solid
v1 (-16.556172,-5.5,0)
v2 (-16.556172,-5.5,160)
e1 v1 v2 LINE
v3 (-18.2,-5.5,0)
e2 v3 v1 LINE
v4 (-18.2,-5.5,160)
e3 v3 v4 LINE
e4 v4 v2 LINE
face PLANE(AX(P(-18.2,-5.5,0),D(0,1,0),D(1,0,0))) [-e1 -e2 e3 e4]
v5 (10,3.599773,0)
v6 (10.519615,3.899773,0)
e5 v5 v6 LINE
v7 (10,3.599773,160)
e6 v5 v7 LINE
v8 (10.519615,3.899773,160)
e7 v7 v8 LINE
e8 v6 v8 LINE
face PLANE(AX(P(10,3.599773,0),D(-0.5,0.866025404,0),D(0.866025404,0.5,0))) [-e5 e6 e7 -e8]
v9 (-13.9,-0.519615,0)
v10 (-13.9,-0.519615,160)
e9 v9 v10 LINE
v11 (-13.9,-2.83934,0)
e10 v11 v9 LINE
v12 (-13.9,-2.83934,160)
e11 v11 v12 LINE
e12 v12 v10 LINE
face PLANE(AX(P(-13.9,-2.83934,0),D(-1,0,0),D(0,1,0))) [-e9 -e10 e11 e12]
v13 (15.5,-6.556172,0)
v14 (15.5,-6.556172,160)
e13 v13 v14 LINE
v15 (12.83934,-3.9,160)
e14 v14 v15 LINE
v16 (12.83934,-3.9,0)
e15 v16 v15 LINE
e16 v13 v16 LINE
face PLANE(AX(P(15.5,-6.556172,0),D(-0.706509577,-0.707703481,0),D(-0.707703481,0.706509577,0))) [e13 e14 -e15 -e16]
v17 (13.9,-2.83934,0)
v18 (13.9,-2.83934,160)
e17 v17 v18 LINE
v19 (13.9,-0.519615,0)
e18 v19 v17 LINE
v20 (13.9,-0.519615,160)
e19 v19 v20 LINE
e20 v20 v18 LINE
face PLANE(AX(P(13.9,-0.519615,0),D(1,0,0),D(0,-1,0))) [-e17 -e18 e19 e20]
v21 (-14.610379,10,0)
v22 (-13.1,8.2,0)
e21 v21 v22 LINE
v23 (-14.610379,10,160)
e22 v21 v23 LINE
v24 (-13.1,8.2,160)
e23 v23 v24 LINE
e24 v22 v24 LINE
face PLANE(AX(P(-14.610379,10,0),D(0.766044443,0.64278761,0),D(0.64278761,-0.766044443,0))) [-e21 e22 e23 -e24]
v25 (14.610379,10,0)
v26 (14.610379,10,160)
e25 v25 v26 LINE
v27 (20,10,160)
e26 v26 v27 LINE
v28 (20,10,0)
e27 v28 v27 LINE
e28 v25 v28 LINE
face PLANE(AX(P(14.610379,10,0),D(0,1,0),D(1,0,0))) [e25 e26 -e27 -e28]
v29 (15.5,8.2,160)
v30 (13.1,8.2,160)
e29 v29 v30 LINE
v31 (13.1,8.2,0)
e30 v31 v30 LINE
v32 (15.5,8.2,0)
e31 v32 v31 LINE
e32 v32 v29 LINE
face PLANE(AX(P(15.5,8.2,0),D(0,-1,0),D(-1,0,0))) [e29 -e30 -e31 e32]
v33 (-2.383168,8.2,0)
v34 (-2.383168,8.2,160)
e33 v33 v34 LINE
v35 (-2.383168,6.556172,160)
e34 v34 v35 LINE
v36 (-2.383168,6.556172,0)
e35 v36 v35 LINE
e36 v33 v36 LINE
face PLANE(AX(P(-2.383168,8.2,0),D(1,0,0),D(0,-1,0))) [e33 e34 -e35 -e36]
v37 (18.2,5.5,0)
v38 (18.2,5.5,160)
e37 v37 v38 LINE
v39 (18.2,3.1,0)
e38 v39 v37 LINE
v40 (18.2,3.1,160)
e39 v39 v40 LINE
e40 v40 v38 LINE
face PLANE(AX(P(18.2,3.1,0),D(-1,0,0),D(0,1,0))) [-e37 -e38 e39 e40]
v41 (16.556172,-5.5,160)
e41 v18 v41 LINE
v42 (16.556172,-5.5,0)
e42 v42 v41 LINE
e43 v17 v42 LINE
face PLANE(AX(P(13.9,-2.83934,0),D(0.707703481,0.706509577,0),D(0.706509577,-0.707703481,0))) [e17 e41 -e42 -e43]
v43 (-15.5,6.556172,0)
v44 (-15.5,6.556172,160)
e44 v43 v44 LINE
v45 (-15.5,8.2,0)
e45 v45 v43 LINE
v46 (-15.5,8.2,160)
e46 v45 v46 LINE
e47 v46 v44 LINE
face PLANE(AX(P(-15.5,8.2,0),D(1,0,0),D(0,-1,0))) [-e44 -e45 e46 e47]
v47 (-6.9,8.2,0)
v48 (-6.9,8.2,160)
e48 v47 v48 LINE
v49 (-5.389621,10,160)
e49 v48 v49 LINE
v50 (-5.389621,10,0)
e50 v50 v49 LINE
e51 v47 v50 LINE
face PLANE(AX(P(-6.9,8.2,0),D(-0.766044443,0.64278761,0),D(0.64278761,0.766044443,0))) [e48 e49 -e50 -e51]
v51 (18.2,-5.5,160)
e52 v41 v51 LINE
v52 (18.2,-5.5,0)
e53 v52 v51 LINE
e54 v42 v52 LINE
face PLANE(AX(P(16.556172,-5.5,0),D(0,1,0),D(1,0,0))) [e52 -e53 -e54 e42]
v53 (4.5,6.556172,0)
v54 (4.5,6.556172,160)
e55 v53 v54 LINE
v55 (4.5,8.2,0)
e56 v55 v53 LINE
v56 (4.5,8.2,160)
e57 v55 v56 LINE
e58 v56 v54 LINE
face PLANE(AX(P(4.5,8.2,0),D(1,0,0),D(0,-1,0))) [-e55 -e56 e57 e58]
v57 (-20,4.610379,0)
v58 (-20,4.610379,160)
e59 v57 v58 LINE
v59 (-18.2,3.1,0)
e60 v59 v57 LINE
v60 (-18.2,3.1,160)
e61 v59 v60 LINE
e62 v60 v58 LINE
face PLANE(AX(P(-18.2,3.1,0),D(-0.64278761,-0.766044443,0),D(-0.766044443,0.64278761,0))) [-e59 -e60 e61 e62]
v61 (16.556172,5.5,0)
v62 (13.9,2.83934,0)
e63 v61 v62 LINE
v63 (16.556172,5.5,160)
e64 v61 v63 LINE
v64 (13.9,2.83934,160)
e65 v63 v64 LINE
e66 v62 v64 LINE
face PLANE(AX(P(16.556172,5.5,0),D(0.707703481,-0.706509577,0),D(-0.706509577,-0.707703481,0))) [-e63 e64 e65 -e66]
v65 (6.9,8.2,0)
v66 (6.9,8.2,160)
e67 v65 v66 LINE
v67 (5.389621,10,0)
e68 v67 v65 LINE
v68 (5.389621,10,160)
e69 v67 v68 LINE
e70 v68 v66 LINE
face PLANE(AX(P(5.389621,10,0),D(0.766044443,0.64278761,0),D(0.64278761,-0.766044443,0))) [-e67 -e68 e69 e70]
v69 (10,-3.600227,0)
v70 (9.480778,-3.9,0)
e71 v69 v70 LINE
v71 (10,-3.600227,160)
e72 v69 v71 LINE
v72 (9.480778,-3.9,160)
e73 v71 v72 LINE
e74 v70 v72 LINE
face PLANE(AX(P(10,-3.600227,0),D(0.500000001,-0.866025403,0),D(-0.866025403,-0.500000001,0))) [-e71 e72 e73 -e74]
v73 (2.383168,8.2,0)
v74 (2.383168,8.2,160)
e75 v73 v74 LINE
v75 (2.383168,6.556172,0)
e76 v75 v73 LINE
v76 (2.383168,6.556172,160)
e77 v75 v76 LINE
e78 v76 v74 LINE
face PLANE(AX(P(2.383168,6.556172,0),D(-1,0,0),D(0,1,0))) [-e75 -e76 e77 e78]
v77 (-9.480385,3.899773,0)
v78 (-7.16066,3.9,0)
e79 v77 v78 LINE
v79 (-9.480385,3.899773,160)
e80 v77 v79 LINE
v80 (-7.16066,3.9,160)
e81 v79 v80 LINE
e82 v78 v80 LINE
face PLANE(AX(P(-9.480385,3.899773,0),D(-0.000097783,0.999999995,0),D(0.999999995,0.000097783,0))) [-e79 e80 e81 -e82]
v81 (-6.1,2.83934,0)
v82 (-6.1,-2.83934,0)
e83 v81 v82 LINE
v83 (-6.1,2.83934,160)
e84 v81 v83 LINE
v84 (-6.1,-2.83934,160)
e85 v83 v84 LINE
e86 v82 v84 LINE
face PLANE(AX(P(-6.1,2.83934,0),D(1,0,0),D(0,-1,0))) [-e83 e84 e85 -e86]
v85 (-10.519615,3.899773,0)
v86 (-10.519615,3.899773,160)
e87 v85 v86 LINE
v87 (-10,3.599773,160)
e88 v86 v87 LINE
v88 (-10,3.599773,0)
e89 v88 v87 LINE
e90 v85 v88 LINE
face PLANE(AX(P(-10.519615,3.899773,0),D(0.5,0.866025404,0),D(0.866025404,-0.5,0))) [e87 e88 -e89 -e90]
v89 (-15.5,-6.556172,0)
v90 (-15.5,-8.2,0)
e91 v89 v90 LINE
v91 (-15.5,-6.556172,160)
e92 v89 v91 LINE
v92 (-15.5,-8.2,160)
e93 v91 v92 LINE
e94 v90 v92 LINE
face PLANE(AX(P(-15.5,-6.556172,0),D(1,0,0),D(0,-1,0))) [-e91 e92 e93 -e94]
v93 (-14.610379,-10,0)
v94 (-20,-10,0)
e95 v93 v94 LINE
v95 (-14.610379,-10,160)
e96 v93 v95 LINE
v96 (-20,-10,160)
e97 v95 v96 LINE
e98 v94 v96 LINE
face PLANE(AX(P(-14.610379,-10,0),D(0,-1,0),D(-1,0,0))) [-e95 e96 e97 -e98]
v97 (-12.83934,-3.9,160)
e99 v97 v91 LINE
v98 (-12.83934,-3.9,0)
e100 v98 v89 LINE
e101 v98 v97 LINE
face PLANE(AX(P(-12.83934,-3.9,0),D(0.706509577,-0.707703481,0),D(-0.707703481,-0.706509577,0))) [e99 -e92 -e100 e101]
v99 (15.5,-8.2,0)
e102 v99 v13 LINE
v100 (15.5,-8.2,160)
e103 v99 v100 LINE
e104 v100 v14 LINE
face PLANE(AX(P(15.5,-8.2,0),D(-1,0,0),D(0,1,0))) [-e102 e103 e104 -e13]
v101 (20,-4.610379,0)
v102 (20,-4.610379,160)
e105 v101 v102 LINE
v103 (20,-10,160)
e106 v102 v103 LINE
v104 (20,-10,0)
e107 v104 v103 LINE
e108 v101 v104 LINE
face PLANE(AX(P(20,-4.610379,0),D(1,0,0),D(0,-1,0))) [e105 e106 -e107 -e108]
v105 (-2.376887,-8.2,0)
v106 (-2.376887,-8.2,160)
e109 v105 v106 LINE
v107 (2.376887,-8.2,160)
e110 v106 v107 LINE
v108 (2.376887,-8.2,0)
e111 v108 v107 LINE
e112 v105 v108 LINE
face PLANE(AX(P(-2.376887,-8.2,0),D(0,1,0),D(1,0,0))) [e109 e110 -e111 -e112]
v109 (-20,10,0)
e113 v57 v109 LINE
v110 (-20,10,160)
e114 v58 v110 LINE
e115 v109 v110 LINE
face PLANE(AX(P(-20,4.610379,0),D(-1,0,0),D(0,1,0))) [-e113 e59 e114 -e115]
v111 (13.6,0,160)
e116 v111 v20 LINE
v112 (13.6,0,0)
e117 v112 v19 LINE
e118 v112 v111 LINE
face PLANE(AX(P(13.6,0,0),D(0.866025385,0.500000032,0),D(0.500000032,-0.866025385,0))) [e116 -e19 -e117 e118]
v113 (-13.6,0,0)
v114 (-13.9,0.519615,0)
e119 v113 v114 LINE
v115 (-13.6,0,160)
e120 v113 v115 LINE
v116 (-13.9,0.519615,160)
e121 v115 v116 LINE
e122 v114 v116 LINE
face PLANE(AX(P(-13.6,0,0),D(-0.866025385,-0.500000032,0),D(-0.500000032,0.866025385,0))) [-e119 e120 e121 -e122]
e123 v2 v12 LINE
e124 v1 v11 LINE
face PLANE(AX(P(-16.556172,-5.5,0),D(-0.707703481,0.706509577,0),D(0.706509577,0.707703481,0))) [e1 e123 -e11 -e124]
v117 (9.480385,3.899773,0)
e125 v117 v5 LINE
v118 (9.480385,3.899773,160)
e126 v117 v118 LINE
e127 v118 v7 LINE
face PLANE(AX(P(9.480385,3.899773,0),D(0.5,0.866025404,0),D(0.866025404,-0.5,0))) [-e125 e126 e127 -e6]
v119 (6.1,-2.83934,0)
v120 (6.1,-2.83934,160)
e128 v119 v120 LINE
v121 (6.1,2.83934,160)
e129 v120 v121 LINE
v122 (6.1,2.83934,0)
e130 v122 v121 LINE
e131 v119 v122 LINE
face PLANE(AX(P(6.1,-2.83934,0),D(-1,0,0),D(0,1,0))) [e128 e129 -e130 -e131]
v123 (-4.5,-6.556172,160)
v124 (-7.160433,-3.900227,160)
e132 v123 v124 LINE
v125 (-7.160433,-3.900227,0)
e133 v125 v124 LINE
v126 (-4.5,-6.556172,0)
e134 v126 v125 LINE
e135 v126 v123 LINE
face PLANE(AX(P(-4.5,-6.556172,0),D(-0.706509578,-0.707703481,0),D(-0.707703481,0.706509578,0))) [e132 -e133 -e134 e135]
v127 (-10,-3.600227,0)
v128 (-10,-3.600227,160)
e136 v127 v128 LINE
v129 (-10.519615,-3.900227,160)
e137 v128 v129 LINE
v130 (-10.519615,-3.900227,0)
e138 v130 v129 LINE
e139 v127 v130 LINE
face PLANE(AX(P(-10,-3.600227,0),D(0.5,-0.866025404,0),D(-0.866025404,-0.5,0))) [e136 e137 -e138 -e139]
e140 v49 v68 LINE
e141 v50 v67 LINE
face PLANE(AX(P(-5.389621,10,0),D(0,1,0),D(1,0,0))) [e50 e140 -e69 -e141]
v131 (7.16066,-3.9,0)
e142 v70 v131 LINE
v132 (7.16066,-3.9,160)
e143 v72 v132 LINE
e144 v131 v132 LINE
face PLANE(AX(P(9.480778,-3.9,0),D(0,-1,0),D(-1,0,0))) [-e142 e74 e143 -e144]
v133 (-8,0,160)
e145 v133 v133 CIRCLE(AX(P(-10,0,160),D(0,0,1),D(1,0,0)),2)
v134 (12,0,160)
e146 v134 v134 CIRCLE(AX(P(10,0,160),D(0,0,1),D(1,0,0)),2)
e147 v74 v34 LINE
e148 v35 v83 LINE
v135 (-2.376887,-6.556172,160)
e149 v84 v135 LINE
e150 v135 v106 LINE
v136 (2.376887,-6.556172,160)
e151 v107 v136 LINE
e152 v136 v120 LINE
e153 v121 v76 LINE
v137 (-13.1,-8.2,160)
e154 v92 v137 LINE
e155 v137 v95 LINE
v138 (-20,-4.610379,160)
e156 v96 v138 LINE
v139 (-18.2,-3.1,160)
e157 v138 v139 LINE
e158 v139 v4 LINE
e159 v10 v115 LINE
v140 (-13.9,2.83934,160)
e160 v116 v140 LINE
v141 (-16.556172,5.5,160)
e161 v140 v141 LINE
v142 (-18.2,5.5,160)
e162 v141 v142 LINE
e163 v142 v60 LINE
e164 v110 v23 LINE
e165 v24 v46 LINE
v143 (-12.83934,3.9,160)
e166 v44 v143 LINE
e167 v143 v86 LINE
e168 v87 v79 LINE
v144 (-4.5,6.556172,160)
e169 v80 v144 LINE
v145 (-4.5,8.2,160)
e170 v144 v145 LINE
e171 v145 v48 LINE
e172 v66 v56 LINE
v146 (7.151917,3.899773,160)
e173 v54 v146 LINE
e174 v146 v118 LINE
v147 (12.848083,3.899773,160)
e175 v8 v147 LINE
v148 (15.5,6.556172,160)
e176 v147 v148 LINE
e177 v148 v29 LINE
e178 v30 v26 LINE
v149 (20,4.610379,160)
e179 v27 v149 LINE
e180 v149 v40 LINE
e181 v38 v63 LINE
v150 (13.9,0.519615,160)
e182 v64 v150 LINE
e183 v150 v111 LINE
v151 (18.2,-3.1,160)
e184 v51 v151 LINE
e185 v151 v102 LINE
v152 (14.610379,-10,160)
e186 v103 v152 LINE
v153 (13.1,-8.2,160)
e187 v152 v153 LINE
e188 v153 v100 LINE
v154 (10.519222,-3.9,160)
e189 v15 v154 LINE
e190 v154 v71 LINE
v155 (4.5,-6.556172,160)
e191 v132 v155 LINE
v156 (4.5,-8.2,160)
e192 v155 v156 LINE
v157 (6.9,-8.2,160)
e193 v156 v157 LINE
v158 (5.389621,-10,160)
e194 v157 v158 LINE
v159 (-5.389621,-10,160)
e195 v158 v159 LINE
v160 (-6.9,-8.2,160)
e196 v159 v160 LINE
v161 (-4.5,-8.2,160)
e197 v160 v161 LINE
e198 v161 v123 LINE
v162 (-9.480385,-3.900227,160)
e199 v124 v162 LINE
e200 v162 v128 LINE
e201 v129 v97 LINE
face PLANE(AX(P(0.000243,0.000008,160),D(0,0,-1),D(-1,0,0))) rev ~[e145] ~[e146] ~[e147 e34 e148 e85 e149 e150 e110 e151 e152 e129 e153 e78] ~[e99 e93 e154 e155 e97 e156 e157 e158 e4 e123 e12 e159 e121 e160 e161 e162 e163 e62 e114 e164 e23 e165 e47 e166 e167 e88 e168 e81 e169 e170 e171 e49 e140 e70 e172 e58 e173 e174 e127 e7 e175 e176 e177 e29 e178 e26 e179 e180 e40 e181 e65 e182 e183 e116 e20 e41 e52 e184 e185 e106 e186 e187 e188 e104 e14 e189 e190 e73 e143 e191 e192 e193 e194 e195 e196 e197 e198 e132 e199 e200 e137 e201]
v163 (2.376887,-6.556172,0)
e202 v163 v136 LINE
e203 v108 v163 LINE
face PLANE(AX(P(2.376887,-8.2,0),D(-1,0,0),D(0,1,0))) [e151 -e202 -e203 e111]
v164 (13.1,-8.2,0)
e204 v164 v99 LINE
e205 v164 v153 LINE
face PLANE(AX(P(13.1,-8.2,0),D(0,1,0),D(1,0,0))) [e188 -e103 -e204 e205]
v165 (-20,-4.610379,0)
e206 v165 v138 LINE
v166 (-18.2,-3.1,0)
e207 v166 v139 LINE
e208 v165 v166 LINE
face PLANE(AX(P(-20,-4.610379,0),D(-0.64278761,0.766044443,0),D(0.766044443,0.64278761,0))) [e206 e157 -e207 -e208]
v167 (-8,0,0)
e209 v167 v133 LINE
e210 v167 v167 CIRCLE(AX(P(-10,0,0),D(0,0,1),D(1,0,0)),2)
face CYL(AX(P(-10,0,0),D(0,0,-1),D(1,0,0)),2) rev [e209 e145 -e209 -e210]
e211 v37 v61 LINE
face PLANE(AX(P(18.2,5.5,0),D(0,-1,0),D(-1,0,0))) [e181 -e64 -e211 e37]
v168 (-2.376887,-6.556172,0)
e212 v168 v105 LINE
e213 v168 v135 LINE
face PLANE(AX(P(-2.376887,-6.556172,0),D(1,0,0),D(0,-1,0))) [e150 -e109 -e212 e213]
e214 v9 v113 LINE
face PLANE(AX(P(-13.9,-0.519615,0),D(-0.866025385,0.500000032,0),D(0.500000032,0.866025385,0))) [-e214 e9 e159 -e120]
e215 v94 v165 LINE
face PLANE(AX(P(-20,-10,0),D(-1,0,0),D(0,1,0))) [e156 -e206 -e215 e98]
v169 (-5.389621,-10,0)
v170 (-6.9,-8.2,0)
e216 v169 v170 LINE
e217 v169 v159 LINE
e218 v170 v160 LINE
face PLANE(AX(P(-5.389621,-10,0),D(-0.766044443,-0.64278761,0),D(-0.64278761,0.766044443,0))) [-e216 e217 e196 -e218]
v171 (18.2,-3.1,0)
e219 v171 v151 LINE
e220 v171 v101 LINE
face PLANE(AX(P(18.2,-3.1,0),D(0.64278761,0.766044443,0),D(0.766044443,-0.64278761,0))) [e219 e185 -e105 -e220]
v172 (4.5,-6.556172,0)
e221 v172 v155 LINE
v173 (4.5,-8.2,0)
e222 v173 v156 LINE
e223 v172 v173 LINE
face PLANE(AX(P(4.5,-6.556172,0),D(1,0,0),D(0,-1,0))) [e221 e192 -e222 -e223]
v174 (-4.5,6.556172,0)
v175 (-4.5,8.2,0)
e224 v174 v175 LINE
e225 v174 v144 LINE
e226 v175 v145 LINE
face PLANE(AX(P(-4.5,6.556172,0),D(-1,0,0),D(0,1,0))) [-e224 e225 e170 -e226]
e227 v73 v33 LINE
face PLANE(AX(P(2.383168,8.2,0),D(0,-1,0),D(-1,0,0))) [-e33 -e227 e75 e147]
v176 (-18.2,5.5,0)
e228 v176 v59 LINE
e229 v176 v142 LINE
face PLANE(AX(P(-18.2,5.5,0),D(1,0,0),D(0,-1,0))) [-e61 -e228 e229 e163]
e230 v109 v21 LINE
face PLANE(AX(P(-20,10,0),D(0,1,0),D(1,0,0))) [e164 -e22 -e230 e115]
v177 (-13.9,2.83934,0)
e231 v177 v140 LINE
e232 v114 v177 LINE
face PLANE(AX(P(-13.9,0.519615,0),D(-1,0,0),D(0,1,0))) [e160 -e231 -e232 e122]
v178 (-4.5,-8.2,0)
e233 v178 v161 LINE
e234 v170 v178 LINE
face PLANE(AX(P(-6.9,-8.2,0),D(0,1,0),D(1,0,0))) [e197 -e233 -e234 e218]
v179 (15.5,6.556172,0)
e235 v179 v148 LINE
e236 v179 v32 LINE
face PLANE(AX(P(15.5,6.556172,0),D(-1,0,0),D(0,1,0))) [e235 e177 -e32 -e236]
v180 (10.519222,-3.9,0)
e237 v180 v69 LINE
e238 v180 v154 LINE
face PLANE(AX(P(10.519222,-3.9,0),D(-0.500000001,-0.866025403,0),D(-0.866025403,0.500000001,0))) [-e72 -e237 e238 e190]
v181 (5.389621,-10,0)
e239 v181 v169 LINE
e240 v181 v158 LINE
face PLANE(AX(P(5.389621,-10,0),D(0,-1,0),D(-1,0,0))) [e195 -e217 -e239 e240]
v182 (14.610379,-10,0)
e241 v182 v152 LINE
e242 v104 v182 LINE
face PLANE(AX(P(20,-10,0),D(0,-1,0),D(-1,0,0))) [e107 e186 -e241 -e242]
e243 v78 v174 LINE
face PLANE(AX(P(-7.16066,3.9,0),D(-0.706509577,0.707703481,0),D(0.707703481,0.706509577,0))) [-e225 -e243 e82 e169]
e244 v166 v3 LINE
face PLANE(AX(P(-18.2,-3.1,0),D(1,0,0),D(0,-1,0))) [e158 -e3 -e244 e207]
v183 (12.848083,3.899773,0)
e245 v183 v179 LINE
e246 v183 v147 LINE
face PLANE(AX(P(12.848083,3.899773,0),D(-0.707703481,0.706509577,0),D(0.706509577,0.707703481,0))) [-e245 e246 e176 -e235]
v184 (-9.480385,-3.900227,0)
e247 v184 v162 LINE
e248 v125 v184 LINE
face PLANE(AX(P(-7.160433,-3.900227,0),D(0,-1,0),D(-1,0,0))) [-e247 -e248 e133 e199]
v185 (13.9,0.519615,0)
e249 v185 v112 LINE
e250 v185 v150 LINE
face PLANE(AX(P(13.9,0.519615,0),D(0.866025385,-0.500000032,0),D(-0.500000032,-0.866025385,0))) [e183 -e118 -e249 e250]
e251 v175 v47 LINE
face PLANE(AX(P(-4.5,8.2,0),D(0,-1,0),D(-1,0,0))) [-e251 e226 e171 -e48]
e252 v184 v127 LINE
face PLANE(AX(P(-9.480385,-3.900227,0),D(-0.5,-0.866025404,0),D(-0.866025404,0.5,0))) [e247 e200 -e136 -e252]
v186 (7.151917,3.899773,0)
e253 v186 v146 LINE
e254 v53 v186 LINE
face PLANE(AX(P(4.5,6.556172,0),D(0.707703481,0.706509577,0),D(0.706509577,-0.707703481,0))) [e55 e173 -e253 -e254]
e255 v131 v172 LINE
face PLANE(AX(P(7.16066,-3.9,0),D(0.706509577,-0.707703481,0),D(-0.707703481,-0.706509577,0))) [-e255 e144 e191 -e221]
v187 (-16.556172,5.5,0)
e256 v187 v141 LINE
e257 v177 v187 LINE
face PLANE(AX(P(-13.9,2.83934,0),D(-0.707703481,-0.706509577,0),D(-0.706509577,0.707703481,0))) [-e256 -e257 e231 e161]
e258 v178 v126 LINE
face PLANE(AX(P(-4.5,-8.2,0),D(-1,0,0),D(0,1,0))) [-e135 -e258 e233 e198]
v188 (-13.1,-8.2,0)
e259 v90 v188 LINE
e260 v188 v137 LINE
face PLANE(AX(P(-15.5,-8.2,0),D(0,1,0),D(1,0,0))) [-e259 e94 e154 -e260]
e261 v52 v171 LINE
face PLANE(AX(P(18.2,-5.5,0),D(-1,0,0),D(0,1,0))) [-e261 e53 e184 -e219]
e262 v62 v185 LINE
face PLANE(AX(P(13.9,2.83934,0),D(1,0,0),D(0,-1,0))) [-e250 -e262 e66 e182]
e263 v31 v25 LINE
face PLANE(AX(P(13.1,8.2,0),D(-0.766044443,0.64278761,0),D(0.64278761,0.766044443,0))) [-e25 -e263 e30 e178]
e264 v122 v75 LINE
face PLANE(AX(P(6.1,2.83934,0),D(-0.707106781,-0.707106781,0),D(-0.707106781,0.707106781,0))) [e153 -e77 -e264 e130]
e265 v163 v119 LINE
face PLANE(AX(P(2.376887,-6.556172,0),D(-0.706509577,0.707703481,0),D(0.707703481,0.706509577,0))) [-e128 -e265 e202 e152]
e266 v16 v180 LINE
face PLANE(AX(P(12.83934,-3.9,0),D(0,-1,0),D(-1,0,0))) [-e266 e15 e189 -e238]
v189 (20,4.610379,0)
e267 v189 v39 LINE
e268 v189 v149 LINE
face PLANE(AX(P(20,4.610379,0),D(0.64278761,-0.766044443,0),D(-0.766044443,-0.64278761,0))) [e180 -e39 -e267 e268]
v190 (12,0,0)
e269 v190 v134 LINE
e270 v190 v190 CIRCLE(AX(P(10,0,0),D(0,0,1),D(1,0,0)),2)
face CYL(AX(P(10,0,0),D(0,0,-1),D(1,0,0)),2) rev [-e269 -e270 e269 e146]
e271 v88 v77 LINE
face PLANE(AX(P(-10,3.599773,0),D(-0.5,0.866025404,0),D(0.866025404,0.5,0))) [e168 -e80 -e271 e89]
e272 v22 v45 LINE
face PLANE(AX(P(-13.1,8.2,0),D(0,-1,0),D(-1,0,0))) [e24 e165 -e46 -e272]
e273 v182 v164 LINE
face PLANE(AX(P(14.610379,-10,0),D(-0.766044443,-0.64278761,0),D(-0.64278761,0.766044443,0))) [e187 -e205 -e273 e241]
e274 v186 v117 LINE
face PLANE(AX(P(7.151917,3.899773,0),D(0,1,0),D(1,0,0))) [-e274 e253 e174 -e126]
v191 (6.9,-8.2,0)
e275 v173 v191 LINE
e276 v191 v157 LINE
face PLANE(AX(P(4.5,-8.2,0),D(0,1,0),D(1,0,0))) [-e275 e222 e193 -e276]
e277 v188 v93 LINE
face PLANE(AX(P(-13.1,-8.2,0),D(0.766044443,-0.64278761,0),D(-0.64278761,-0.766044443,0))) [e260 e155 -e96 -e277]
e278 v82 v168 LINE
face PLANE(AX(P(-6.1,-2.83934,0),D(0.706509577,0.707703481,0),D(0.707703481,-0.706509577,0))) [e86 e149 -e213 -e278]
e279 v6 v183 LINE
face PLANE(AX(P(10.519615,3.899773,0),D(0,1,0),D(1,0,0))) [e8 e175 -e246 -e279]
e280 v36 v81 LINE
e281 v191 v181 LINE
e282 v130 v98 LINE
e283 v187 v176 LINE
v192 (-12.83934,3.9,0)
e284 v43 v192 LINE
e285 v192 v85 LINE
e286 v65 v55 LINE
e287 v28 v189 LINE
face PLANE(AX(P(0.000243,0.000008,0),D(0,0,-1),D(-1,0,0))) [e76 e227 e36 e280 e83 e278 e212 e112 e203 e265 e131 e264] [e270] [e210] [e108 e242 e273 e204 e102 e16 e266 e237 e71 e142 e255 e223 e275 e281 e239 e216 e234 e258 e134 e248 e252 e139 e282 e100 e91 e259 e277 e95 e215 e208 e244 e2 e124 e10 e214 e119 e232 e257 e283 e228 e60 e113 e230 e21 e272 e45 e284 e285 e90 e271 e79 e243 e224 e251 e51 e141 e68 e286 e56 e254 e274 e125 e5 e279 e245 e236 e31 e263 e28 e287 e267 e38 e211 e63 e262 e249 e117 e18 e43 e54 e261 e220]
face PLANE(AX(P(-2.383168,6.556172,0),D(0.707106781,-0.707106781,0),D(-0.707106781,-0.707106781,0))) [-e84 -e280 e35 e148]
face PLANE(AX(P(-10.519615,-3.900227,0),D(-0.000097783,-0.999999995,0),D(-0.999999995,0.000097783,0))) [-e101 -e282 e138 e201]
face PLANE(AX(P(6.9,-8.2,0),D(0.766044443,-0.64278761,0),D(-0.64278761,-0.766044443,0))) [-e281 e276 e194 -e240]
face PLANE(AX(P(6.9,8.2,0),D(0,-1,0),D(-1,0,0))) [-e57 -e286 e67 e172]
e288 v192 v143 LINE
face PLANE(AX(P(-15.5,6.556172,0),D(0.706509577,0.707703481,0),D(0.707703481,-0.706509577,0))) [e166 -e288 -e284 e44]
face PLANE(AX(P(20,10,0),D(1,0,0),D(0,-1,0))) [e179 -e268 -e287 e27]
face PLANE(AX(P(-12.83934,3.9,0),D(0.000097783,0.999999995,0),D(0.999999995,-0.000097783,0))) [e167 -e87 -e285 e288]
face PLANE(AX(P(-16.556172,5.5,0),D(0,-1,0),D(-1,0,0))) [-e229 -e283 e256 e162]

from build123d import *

# Parameters (mm, degrees)
SKETCH1_R           = 2
BOSS_EXTRUDE1_DEPTH = 160


with BuildPart() as part:
    # Sketch1 → Boss-Extrude1 (new body)
    with BuildSketch(Plane.XY):
        Polygon((-5.389620664, 10), (5.389620664, 10), (6.9, 8.2), (4.5, 8.2), (4.5, 6.556171609), (7.151917065, 3.899773171), (9.480384758, 3.899773171), (10, 3.599773171), (10.519615242, 3.899773171), (12.848082935, 3.899773171), (15.5, 6.556171609), (15.5, 8.2), (13.1, 8.2), (14.610379336, 10), (20, 10), (20, 4.610379336), (18.2, 3.1), (18.2, 5.5), (16.556171609, 5.5), (13.9, 2.839339828), (13.9, 0.519615231), (13.599999981, 0), (13.9, -0.519615231), (13.9, -2.839339828), (16.556171609, -5.5), (18.2, -5.5), (18.2, -3.1), (20, -4.610379336), (20, -10), (14.610379336, -10), (13.1, -8.2), (15.5, -8.2), (15.5, -6.556171609), (12.839339828, -3.9), (10.519222362, -3.9), (10, -3.600226829), (9.480777638, -3.9), (7.160660172, -3.9), (4.5, -6.556171609), (4.5, -8.2), (6.9, -8.2), (5.389620664, -10), (-5.389620664, -10), (-6.9, -8.2), (-4.5, -8.2), (-4.5, -6.556171609), (-7.160432959, -3.900226829), (-9.480384758, -3.900226829), (-10, -3.600226829), (-10.519615242, -3.900226829), (-12.839339828, -3.9), (-15.5, -6.556171609), (-15.5, -8.2), (-13.1, -8.2), (-14.610379336, -10), (-20, -10), (-20, -4.610379336), (-18.2, -3.1), (-18.2, -5.5), (-16.556171609, -5.5), (-13.9, -2.839339828), (-13.9, -0.519615231), (-13.599999981, 0), (-13.9, 0.519615231), (-13.9, 2.839339828), (-16.556171609, 5.5), (-18.2, 5.5), (-18.2, 3.1), (-20, 4.610379336), (-20, 10), (-14.610379336, 10), (-13.1, 8.2), (-15.5, 8.2), (-15.5, 6.556171609), (-12.839339828, 3.9), (-10.519615242, 3.899773171), (-10, 3.599773171), (-9.480384758, 3.899773171), (-7.160660172, 3.9), (-4.5, 6.556171609), (-4.5, 8.2), (-6.9, 8.2), align=None)
        with Locations((-10, 0)):
            Circle(SKETCH1_R, mode=Mode.SUBTRACT)
        with Locations((10, 0)):
            Circle(SKETCH1_R, mode=Mode.SUBTRACT)
        Polygon((-6.1, -2.839339828), (-2.376887287, -6.556171609), (-2.376887287, -8.2), (2.376887287, -8.2), (2.376887287, -6.556171609), (6.1, -2.839339828), (6.1, 2.839339828), (2.383168219, 6.556171609), (2.383168219, 8.2), (-2.383168219, 8.2), (-2.383168219, 6.556171609), (-6.1, 2.839339828), align=None, mode=Mode.SUBTRACT)
    extrude(amount=BOSS_EXTRUDE1_DEPTH)


solid = part.part
